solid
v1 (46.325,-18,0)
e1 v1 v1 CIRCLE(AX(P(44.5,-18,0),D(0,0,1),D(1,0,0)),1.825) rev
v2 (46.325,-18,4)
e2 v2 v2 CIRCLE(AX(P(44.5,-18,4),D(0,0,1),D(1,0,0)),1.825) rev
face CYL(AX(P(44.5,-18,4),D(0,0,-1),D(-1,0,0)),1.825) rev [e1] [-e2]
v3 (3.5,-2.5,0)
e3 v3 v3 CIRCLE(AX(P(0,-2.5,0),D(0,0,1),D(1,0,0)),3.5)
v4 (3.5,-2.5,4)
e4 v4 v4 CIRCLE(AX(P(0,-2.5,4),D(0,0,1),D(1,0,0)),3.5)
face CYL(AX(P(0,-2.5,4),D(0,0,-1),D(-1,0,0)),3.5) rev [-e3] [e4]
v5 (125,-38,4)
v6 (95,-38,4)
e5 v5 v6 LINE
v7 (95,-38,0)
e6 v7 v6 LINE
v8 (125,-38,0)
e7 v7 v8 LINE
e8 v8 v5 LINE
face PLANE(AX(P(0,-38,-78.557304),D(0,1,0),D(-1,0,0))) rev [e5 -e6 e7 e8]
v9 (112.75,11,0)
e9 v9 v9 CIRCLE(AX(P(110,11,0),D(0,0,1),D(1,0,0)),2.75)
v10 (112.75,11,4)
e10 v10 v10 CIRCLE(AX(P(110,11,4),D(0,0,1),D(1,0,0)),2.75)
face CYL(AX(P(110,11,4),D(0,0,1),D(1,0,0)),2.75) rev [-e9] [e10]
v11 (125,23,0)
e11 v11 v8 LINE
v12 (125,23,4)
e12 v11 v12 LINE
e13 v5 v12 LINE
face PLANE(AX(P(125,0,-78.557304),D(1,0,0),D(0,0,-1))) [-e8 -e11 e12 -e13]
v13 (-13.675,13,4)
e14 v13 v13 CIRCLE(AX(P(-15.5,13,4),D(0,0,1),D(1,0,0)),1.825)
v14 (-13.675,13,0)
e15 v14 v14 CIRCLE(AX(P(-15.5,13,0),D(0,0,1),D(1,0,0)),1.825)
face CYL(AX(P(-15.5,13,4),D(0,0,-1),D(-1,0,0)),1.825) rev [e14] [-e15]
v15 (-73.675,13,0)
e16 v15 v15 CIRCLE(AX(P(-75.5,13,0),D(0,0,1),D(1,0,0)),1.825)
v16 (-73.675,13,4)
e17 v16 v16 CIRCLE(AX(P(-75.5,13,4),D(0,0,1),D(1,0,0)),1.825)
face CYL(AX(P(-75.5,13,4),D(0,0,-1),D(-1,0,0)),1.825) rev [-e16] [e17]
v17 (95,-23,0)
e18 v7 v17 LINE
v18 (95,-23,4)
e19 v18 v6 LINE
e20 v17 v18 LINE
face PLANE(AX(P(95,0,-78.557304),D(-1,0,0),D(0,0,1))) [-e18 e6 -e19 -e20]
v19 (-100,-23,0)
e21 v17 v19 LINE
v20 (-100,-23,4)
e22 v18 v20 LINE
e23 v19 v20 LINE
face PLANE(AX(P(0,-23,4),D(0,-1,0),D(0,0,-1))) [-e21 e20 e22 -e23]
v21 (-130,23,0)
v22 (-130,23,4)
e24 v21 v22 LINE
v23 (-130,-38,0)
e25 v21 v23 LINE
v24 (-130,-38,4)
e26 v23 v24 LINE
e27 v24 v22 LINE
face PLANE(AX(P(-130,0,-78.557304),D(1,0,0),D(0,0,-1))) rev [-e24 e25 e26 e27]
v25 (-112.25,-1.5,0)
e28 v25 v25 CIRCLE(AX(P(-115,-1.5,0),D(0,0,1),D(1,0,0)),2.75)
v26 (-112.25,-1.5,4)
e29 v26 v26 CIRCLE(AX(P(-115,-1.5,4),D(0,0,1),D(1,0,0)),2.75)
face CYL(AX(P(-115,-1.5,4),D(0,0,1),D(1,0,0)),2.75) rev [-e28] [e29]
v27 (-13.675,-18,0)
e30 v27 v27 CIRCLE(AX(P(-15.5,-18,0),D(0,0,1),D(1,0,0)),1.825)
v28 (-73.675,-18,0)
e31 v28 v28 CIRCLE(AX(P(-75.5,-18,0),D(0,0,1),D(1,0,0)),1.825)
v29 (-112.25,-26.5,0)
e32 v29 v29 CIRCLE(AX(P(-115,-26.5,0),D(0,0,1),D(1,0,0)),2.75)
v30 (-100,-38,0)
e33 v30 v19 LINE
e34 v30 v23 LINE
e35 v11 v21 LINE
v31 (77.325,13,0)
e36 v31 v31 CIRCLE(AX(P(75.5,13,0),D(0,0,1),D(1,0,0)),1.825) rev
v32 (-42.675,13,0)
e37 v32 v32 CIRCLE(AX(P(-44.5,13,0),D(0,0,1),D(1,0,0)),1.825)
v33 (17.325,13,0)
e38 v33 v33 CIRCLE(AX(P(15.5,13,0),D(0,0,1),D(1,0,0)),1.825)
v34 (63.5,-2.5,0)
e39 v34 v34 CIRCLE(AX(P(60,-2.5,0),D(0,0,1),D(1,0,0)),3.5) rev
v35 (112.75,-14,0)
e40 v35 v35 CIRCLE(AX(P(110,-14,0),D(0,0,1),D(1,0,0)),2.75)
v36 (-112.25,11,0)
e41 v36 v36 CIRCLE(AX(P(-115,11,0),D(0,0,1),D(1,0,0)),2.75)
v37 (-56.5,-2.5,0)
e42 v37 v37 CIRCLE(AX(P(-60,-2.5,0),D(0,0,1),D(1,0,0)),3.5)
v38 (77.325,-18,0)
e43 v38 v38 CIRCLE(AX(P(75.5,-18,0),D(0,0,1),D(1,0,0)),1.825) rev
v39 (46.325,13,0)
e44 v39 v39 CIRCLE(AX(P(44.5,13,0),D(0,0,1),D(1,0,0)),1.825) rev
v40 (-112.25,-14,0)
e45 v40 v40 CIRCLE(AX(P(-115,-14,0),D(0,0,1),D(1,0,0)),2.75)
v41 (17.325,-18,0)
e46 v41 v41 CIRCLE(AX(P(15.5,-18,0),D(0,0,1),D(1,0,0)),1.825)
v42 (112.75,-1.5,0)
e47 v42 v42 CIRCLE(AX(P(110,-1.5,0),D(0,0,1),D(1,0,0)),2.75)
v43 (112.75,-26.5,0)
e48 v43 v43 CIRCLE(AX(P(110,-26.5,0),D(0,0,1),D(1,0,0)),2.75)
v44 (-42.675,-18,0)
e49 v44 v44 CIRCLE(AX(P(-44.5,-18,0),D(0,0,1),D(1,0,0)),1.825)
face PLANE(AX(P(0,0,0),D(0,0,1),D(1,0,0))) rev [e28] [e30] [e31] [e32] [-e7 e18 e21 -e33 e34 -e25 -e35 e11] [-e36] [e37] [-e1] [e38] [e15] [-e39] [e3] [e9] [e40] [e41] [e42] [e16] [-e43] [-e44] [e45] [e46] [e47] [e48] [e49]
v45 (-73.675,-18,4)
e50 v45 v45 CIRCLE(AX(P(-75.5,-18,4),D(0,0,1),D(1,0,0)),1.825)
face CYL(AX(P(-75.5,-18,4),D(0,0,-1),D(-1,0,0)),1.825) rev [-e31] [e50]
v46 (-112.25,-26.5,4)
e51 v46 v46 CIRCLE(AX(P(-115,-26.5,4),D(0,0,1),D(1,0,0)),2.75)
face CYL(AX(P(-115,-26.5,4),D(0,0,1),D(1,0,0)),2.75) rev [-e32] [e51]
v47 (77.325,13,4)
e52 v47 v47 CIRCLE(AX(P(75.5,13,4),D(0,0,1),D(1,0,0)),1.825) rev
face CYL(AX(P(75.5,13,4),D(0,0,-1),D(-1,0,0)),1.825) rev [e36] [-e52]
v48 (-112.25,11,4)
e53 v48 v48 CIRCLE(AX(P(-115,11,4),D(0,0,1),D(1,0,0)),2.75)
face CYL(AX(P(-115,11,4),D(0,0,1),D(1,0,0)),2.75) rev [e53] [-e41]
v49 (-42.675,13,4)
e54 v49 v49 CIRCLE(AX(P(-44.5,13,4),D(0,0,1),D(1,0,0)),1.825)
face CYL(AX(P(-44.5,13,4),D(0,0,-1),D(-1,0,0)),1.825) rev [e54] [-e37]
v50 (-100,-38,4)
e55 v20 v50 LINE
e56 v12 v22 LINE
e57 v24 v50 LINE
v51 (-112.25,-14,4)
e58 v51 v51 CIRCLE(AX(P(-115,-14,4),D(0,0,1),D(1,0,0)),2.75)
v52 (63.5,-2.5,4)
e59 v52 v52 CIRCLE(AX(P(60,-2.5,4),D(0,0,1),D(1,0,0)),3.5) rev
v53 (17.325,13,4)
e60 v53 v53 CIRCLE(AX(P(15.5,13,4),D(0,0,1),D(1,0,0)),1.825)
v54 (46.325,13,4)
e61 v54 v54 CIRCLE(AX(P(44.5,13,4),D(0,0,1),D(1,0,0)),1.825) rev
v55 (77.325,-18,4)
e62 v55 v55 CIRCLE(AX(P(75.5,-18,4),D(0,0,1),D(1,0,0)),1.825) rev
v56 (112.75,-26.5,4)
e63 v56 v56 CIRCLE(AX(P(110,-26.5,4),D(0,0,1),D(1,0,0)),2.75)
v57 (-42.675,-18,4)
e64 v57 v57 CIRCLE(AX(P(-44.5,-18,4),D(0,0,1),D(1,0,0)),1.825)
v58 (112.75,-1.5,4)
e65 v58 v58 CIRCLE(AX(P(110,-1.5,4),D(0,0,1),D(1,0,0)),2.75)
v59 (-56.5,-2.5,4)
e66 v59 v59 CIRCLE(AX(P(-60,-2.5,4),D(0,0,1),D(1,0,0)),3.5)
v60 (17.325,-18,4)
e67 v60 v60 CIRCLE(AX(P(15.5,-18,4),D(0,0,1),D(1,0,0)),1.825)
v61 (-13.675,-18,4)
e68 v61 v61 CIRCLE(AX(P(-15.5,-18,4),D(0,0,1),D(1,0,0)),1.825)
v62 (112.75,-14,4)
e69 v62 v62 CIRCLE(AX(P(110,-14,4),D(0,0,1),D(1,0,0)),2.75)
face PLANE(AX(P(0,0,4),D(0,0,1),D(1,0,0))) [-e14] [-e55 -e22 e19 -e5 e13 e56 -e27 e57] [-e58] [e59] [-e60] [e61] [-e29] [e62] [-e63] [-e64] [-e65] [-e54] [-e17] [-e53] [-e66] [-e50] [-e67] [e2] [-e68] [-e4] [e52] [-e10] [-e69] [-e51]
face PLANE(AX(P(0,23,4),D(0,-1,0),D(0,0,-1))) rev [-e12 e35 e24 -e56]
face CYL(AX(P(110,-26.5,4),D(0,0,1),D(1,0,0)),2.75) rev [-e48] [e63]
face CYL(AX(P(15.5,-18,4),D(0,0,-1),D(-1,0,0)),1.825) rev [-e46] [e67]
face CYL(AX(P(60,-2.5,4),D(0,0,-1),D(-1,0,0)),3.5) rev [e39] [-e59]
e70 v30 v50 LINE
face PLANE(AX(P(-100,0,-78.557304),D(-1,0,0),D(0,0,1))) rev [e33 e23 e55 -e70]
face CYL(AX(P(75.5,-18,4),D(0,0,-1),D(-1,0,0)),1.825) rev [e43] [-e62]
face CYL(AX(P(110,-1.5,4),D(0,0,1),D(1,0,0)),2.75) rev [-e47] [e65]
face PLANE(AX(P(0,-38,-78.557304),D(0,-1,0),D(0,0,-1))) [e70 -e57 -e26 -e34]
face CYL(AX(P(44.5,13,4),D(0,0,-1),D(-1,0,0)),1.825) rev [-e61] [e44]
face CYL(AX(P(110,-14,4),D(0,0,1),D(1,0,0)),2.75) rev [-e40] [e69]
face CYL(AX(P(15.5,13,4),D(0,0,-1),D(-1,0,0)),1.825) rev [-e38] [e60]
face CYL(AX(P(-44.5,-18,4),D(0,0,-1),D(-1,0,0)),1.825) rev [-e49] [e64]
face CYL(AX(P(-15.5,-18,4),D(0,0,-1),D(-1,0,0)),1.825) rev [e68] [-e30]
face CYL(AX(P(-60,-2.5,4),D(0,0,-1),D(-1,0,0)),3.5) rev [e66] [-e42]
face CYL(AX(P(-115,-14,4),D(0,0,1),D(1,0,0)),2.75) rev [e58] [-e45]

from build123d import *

# Parameters (mm, degrees)
SKETCH1_W            = 161
SKETCH1_H            = 46
SKETCH1_R            = 1.825
SKETCH1_R_2          = 3.5
BOSS_EXTRUDE1_DEPTH  = 4
SKETCH2_W            = 49.5
SKETCH2_H            = 46
SKETCH2_W_2          = 30
SKETCH2_H_2          = 15
SKETCH2_W_3          = 44.5
BOSS_EXTRUDE2_DEPTH  = 4
M5_CLEARANCE_HOLE1_D = 5.5


with BuildPart() as part:
    # Sketch1 → Boss-Extrude1 (new body)
    with BuildSketch(Plane.XY):
        Rectangle(SKETCH1_W, SKETCH1_H)
        with Locations((-75.5, 13)):
            Circle(SKETCH1_R, mode=Mode.SUBTRACT)
        with Locations((-44.5, 13)):
            Circle(SKETCH1_R, mode=Mode.SUBTRACT)
        with Locations((-75.5, -18)):
            Circle(SKETCH1_R, mode=Mode.SUBTRACT)
        with Locations((-44.5, -18)):
            Circle(SKETCH1_R, mode=Mode.SUBTRACT)
        with Locations((60, -2.5)):
            Circle(SKETCH1_R_2, mode=Mode.SUBTRACT)
        with Locations((-15.5, 13)):
            Circle(SKETCH1_R, mode=Mode.SUBTRACT)
        with Locations((15.5, 13)):
            Circle(SKETCH1_R, mode=Mode.SUBTRACT)
        with Locations((-15.5, -18)):
            Circle(SKETCH1_R, mode=Mode.SUBTRACT)
        with Locations((15.5, -18)):
            Circle(SKETCH1_R, mode=Mode.SUBTRACT)
        with Locations((44.5, -18)):
            Circle(SKETCH1_R, mode=Mode.SUBTRACT)
        with Locations((75.5, -18)):
            Circle(SKETCH1_R, mode=Mode.SUBTRACT)
        with Locations((-60, -2.5)):
            Circle(SKETCH1_R_2, mode=Mode.SUBTRACT)
        with Locations((0, -2.5)):
            Circle(SKETCH1_R_2, mode=Mode.SUBTRACT)
        with Locations((44.5, 13)):
            Circle(SKETCH1_R, mode=Mode.SUBTRACT)
        with Locations((75.5, 13)):
            Circle(SKETCH1_R, mode=Mode.SUBTRACT)
    extrude(amount=BOSS_EXTRUDE1_DEPTH)

    # Sketch2 → Boss-Extrude2 (add)
    with BuildSketch(Plane.XY.offset(4)):
        with Locations((-105.25, 0)):
            Rectangle(SKETCH2_W, SKETCH2_H)
        with Locations((-115, -30.5)):
            Rectangle(SKETCH2_W_2, SKETCH2_H_2)
        with Locations((102.75, 0)):
            Rectangle(SKETCH2_W_3, SKETCH2_H)
        with Locations((110, -30.5)):
            Rectangle(SKETCH2_W_2, SKETCH2_H_2)
    extrude(amount=-BOSS_EXTRUDE2_DEPTH)

    # M5 Clearance Hole1 (through all)
    with Locations(Plane.XY.offset(4)):
        with Locations((-115, -1.5), (-115, -26.5), (110, -1.5), (110, -26.5), (-115, 11), (110, 11), (110, -14), (-115, -14)):
            Hole(M5_CLEARANCE_HOLE1_D / 2)


solid = part.part
